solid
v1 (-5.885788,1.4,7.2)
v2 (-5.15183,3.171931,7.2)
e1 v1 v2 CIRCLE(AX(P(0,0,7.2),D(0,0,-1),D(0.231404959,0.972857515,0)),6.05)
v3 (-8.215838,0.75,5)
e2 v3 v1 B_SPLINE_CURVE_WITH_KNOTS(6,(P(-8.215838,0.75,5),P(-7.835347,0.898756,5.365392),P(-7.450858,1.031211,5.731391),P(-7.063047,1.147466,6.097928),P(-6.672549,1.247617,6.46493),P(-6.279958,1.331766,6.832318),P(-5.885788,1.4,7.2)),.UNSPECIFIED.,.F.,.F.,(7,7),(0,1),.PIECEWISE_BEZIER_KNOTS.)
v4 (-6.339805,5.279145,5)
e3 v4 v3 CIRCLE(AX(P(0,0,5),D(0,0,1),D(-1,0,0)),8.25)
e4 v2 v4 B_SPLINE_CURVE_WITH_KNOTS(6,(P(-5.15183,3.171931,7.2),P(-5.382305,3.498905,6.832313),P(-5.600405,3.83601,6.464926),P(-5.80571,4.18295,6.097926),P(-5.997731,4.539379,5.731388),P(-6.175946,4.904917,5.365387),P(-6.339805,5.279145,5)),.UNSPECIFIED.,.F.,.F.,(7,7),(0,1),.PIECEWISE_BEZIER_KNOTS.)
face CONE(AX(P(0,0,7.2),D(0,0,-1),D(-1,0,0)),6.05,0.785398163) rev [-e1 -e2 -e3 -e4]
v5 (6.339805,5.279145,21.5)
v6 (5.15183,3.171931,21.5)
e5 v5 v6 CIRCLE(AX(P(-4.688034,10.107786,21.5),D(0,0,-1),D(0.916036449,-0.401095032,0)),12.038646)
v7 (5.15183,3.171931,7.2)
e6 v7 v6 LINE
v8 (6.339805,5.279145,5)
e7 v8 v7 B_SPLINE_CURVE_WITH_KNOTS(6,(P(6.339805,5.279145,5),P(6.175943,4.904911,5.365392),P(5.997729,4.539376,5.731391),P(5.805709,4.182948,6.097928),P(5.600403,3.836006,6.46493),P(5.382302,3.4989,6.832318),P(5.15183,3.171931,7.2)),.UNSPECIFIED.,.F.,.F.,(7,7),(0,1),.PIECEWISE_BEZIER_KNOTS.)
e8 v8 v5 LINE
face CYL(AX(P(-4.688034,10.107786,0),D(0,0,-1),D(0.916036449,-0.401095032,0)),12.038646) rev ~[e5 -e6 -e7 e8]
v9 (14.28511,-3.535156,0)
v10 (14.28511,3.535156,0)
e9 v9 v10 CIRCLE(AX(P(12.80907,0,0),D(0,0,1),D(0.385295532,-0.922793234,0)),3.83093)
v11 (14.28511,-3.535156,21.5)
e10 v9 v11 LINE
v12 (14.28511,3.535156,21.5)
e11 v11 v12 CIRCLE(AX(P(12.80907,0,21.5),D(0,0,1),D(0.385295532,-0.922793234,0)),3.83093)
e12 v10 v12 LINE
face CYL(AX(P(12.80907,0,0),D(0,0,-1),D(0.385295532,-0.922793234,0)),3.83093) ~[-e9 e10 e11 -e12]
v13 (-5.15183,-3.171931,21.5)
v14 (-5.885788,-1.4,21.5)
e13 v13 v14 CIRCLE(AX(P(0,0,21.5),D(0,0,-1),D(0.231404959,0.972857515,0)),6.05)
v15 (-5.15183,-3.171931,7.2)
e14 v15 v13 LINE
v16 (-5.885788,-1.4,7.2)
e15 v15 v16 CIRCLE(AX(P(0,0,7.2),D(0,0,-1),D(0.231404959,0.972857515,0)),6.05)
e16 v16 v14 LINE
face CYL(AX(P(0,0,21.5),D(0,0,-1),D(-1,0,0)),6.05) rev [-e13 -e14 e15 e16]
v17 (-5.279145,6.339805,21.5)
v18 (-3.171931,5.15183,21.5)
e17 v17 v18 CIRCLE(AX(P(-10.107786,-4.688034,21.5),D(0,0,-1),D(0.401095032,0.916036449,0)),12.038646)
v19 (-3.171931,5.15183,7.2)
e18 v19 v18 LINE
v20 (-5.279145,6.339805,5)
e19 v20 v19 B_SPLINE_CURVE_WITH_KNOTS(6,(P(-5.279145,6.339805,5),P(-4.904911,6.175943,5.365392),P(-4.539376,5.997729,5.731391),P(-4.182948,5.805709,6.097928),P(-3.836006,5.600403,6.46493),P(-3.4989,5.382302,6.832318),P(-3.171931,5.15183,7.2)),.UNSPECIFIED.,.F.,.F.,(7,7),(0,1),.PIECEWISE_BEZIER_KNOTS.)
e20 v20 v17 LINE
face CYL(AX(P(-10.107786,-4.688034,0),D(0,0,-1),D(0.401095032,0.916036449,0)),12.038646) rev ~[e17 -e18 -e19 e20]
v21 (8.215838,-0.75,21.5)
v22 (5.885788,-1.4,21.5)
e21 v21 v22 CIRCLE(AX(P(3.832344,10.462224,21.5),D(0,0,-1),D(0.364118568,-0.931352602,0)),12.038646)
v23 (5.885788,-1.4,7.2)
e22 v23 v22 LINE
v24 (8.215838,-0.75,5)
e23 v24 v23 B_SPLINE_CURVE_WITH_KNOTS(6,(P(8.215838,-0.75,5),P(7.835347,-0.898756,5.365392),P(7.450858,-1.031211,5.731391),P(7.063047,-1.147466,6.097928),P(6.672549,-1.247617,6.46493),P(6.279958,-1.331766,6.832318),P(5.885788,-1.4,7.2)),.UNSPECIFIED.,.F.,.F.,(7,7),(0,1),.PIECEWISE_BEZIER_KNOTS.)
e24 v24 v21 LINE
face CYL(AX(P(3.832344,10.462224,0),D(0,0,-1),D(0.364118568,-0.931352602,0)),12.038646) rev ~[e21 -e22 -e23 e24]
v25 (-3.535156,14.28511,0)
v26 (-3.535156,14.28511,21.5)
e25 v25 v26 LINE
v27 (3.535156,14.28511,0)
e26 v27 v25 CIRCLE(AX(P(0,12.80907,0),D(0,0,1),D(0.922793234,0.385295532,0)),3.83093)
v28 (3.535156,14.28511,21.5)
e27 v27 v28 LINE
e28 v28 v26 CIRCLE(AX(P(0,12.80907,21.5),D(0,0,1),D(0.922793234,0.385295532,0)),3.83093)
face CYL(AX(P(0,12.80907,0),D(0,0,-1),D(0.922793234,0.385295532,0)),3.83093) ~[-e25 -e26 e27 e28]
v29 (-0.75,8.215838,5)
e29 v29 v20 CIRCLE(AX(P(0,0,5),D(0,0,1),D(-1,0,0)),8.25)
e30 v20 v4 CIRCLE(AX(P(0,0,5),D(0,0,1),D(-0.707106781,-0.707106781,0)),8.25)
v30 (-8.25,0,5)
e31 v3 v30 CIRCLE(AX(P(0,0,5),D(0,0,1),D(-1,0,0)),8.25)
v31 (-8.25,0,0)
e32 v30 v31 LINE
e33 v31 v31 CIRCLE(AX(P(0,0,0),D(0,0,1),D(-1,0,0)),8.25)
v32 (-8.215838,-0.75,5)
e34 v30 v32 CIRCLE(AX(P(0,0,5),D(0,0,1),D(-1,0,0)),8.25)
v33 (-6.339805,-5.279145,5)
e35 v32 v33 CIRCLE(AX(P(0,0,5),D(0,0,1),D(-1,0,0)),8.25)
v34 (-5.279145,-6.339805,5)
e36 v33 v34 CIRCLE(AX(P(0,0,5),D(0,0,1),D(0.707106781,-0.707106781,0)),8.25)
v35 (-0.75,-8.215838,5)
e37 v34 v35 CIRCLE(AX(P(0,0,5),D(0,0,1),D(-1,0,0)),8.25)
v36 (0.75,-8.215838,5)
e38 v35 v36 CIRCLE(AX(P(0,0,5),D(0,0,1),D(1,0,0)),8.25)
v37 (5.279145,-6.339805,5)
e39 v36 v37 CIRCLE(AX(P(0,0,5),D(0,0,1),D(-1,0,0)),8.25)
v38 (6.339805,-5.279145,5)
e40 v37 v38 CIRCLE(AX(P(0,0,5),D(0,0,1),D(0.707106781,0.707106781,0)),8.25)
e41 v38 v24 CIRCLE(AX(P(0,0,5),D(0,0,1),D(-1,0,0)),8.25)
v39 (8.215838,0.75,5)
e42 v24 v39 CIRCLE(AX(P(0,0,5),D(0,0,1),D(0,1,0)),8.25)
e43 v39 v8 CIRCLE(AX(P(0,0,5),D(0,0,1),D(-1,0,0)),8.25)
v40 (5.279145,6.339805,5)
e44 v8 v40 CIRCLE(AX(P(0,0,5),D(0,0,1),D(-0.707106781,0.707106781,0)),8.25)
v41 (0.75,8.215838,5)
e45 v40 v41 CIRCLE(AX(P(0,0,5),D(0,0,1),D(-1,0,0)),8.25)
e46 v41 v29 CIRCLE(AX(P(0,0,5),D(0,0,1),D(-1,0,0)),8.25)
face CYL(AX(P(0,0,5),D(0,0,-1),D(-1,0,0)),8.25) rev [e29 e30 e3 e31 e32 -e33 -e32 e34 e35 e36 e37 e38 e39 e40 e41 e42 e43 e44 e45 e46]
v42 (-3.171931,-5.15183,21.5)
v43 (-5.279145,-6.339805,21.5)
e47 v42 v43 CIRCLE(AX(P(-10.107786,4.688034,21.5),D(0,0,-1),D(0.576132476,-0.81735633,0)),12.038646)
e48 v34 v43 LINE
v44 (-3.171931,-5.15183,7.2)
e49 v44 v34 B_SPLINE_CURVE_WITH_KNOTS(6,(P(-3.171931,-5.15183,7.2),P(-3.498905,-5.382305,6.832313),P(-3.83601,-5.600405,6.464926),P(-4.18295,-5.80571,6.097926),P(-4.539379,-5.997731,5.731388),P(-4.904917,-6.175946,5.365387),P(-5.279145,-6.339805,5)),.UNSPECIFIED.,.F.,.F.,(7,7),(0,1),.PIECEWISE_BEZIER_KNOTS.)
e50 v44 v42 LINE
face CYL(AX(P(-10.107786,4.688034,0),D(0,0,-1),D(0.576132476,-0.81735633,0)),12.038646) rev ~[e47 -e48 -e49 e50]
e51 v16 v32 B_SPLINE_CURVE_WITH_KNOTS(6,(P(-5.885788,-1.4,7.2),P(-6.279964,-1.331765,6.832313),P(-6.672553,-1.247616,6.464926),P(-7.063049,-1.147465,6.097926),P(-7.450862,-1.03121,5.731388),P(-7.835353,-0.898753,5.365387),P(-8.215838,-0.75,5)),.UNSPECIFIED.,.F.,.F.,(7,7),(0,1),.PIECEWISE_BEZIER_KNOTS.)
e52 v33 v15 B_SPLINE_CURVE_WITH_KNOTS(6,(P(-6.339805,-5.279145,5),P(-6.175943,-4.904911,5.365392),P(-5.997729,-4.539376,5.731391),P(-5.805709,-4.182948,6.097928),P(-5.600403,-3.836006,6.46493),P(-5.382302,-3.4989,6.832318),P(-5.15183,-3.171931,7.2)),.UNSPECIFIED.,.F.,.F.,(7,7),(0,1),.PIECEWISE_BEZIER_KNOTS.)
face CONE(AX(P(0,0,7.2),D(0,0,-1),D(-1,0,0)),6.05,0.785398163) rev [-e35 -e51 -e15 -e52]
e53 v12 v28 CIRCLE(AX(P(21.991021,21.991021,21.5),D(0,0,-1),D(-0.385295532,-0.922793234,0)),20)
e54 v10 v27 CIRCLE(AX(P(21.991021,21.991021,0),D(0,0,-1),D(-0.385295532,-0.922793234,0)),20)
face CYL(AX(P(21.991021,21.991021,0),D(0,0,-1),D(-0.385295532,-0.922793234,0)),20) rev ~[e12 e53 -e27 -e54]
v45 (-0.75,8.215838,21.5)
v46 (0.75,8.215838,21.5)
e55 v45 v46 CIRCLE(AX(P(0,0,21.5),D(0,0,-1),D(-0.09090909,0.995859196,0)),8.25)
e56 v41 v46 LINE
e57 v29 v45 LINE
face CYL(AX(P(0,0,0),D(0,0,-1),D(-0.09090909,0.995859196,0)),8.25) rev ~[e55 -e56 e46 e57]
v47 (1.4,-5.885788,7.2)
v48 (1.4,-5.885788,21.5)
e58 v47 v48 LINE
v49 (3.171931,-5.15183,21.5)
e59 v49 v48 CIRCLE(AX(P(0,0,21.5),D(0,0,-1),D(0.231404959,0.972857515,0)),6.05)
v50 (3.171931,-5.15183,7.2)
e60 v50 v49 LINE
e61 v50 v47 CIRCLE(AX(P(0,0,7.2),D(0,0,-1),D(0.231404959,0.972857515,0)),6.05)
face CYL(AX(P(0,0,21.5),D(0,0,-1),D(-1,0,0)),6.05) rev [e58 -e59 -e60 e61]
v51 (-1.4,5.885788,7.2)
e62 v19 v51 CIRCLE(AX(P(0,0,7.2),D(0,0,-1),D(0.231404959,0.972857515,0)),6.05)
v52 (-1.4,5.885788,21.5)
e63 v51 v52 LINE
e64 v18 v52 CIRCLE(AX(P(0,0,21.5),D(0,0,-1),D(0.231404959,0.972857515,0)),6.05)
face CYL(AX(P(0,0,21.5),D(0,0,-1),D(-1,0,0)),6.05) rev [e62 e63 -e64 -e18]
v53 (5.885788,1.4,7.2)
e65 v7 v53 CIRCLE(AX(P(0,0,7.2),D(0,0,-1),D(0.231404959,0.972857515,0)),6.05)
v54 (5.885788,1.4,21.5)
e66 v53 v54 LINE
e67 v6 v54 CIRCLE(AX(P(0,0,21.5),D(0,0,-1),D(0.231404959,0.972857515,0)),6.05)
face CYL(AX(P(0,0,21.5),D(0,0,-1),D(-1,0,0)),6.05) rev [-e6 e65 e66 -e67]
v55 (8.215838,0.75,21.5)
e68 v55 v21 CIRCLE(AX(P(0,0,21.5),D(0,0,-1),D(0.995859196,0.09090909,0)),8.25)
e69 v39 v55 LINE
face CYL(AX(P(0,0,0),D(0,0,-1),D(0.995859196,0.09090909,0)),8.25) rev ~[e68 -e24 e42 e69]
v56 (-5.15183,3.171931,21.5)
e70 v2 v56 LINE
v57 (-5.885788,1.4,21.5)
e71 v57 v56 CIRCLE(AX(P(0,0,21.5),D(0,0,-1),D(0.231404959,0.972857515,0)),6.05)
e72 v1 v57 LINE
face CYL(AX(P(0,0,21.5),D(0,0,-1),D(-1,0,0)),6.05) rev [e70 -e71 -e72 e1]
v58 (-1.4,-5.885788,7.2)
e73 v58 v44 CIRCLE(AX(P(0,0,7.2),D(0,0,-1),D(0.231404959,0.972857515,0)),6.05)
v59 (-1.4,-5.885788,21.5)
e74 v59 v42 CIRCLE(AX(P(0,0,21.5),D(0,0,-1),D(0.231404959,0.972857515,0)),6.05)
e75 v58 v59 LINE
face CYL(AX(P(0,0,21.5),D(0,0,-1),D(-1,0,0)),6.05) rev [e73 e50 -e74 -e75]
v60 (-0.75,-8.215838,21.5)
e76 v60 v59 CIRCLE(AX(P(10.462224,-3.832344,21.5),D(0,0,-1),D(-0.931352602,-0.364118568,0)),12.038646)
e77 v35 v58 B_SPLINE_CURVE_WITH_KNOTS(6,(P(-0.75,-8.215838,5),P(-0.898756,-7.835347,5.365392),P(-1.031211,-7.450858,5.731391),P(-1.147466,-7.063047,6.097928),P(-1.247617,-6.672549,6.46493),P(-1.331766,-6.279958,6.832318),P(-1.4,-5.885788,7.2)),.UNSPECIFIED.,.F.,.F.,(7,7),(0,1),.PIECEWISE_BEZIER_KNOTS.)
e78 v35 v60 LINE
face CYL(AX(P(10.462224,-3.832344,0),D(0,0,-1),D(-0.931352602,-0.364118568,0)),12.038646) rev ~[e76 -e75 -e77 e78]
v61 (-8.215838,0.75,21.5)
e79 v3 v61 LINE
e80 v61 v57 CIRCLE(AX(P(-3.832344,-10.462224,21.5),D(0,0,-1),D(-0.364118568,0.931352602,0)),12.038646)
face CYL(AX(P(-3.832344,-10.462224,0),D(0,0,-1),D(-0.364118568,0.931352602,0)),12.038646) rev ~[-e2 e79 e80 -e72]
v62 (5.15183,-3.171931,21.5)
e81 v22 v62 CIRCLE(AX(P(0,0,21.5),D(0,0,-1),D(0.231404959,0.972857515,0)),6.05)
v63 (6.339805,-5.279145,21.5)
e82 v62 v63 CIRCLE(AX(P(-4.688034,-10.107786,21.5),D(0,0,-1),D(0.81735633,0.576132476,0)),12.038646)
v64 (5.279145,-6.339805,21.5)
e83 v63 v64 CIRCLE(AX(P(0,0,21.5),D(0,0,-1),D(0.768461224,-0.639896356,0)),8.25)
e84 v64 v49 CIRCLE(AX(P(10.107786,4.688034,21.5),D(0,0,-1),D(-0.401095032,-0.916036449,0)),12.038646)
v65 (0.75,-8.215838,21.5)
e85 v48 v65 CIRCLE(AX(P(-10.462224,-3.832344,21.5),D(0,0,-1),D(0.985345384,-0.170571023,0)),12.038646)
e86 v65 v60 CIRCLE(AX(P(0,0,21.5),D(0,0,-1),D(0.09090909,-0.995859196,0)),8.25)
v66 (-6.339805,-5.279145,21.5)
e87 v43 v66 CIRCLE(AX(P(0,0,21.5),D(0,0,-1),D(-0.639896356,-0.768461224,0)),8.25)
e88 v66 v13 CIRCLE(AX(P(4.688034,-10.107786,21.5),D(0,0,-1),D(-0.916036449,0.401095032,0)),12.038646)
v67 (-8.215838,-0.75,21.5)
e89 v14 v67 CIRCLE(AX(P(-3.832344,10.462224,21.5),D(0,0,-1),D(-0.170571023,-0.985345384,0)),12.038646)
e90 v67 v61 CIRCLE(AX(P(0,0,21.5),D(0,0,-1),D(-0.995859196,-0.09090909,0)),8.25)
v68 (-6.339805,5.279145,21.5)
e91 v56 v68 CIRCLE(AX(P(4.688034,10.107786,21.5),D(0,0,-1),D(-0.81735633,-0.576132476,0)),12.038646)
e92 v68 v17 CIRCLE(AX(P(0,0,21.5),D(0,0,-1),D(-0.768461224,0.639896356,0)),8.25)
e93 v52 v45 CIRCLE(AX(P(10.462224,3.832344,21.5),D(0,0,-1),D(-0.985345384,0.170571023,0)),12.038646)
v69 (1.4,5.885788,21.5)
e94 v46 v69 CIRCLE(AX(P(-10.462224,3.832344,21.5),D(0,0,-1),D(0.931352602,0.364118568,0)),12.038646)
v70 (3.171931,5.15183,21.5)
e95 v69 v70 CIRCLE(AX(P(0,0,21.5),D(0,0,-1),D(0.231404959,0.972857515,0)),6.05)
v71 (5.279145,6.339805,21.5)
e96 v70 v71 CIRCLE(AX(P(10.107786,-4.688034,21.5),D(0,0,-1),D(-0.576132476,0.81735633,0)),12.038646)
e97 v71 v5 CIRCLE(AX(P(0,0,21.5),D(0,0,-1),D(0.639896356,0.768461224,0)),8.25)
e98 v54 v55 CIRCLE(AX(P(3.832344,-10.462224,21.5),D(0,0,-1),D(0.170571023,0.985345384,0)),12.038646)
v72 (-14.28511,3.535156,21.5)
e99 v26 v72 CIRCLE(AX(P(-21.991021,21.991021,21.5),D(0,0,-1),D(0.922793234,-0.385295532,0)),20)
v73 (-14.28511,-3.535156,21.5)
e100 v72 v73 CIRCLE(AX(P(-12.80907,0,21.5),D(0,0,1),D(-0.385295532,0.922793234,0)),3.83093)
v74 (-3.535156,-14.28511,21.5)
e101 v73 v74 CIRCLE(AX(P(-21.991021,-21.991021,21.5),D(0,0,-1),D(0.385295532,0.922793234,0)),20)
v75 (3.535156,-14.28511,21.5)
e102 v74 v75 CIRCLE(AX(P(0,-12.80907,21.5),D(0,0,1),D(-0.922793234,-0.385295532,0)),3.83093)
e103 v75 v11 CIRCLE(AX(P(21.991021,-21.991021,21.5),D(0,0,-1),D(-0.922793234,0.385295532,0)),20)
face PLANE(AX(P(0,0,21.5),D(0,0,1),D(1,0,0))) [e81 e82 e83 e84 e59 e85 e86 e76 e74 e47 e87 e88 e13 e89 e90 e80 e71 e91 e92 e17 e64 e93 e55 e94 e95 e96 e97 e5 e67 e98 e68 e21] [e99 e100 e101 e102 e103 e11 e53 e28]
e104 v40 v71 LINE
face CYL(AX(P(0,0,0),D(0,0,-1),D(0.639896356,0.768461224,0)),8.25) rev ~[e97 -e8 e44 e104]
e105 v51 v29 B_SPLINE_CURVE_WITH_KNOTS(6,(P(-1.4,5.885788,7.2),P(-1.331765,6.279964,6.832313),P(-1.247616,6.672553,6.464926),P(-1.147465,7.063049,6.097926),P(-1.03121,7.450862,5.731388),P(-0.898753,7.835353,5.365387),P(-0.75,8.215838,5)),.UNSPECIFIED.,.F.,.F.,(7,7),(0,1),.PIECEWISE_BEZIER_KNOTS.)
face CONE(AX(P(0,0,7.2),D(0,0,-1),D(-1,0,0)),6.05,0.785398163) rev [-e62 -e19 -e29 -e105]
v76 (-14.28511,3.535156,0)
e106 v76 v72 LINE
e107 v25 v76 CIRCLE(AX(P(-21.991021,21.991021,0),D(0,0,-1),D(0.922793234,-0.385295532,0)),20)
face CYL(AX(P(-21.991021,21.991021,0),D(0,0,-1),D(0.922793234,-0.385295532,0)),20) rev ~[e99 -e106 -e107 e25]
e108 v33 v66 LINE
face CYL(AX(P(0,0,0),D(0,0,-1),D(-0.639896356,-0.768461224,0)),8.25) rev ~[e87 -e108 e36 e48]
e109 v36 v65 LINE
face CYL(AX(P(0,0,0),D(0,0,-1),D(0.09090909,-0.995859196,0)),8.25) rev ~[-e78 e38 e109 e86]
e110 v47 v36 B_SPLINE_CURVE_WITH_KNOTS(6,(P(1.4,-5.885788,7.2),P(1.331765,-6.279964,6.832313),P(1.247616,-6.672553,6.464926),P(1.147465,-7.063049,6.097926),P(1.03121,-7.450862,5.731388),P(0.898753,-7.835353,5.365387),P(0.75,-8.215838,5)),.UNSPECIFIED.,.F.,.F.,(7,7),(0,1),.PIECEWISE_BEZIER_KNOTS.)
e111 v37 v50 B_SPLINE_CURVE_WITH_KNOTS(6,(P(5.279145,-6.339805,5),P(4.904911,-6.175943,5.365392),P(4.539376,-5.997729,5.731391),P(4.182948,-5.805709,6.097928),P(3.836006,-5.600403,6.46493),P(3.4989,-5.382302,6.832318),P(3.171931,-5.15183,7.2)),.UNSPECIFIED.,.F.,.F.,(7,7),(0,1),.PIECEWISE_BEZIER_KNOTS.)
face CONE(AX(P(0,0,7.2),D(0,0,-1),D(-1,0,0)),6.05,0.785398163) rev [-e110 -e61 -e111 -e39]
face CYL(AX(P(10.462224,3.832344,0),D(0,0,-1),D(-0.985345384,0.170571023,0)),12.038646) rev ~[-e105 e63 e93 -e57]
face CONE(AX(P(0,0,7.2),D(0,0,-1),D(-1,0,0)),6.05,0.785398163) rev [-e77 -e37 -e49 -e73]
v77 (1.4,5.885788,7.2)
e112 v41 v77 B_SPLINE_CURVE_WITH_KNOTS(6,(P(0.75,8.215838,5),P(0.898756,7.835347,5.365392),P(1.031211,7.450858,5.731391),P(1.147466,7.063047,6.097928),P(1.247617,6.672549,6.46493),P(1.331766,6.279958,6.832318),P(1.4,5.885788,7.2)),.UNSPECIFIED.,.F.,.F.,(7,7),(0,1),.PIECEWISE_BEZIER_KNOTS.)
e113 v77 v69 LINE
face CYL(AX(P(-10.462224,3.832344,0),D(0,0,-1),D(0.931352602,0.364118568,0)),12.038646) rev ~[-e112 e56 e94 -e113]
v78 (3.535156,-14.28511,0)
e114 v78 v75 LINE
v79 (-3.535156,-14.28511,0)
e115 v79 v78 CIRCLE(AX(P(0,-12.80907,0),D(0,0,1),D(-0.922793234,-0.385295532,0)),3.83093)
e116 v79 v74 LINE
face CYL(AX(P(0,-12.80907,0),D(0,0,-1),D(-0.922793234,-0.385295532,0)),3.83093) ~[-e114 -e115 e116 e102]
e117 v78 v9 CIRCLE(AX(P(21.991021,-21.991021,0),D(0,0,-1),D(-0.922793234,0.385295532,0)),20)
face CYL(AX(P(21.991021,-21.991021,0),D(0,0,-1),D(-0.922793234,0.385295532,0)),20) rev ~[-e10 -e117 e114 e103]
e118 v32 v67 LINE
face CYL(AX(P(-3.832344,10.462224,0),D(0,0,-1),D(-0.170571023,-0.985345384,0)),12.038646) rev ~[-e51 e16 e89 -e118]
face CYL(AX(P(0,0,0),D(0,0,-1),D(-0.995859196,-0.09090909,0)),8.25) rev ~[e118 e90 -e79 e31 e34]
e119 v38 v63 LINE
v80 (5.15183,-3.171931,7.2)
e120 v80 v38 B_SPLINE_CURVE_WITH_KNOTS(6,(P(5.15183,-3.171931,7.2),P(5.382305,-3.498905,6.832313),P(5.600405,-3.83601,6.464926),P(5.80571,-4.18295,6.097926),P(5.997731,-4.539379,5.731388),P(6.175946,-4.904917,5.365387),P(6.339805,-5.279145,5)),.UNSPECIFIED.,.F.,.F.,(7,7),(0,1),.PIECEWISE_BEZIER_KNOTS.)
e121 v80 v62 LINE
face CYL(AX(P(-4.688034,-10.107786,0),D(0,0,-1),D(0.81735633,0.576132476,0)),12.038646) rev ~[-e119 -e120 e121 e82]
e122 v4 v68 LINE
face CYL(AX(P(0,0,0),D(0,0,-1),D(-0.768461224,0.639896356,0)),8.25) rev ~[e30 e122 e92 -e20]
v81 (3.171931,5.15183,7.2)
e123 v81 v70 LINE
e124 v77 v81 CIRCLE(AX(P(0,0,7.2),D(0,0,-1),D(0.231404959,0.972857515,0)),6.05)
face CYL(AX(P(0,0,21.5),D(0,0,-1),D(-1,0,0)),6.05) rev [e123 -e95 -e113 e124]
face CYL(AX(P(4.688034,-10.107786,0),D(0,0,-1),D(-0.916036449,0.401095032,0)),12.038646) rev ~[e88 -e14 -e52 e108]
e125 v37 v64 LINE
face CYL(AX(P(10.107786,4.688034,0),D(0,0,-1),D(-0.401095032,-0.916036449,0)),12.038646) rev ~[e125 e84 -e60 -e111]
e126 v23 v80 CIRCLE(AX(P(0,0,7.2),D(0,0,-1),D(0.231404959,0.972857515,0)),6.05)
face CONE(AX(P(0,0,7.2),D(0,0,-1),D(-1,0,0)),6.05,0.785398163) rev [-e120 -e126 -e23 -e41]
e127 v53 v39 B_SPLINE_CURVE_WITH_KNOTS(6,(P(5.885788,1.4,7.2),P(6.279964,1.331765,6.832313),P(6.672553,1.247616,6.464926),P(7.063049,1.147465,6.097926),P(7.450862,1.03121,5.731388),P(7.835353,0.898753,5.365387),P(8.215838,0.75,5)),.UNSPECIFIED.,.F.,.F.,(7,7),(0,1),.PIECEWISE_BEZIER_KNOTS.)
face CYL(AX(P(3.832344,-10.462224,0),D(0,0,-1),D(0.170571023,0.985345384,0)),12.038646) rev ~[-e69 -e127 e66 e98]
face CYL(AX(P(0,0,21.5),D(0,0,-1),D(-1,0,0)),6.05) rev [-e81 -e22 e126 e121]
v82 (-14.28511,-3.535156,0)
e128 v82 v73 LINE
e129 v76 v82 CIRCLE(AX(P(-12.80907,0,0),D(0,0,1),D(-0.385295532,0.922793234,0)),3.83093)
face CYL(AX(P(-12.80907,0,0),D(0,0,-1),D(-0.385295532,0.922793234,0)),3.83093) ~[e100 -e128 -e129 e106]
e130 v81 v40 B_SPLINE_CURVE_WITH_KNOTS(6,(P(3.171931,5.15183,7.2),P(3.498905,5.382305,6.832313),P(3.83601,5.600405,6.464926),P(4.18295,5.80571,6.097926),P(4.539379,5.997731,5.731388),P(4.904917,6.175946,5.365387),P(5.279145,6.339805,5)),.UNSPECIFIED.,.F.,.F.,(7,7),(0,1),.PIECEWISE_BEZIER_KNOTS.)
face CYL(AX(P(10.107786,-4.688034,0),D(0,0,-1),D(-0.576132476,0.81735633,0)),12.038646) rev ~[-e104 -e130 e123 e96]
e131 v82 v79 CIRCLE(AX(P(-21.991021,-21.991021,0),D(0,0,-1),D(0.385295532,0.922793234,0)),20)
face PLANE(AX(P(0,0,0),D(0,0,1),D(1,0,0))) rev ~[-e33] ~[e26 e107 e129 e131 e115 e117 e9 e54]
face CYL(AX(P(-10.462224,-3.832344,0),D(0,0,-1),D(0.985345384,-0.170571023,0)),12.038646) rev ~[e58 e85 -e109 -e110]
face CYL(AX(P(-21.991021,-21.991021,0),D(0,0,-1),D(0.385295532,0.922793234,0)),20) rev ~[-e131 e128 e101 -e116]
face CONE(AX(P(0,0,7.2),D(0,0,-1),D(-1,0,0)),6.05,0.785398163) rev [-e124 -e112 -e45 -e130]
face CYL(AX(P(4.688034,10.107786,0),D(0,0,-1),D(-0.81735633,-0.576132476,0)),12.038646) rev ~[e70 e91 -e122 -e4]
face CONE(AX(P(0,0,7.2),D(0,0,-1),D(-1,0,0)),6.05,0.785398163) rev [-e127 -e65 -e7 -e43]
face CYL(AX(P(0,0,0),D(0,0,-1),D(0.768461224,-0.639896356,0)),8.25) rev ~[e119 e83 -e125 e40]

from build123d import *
from build123d.topology import SkipClean

# Parameters (mm, degrees)
SKETCH1_R         = 6
EXTRUDE1_DEPTH    = 21.5
EXTRUDE2_REACH    = 33.875
CIRPATTERN1_COUNT = 8


with BuildPart() as part:
    # Sketch1 → Extrude1 (new body)
    with BuildSketch(Plane.XY):
        with BuildLine():
            ThreePointArc((3.535156209, 14.285110262), (0, 16.64), (-3.535156209, 14.285110262))
            ThreePointArc((-3.535156209, 14.285110262), (-7.848885271, 7.848885271), (-14.285110262, 3.535156209))
            ThreePointArc((-14.285110262, 3.535156209), (-16.64, 0), (-14.285110262, -3.535156209))
            ThreePointArc((-14.285110262, -3.535156209), (-7.848885271, -7.848885271), (-3.535156209, -14.285110262))
            ThreePointArc((-3.535156209, -14.285110262), (0, -16.64), (3.535156209, -14.285110262))
            ThreePointArc((3.535156209, -14.285110262), (7.848885271, -7.848885271), (14.285110262, -3.535156209))
            ThreePointArc((14.285110262, -3.535156209), (16.64, 0), (14.285110262, 3.535156209))
            ThreePointArc((14.285110262, 3.535156209), (7.848885271, 7.848885271), (3.535156209, 14.285110262))
        make_face()
        Circle(SKETCH1_R, mode=Mode.SUBTRACT)
    extrude(amount=EXTRUDE1_DEPTH)

    # Sketch4 → Cut-Revolve1 (revolve, cut)
    with BuildSketch(Plane(origin=(0, 0, 0), x_dir=(0, 0, -1), z_dir=(1, 0, 0)), mode=Mode.PRIVATE) as cut_revolve1_sk:
        Polygon((0, 0), (-21.5, 0), (-21.5, 6.05), (-7.2, 6.05), (-5, 8.25), (0, 8.25), align=None)
    revolve(cut_revolve1_sk.sketch.rotate(Axis((0, 0, 0), (0, 0, 1)), 90), axis=Axis((0, 0, 0), (0, 0, 1)), mode=Mode.SUBTRACT)

    # Sketch2 → Extrude2 (cut, up to next)
    with BuildSketch(Plane(origin=(0, 0, 0), x_dir=(-1, 0, 0), z_dir=(0, 0, -1)), mode=Mode.PRIVATE) as extrude2_sk1:
        with BuildLine():
            ThreePointArc((0.75, 8.215838363), (0, 8.25), (-0.75, 8.215838363))
            ThreePointArc((-0.75, 8.215838363), (-1.133672744, 7.067180744), (-1.4, 5.885787968))
            ThreePointArc((-1.4, 5.885787968), (0, 6.05), (1.4, 5.885787968))
            ThreePointArc((1.4, 5.885787968), (1.133672744, 7.067180744), (0.75, 8.215838363))
        make_face()
    extrude2_tool1 = extrude(extrude2_sk1.sketch, amount=-EXTRUDE2_REACH, mode=Mode.PRIVATE) & part.part
    extrude2 = extrude2_tool1.solids().sort_by_distance((0, 7.008505, 0))[0]
    add(extrude2, mode=Mode.SUBTRACT)

    # CirPattern1: Extrude2 ×8 about axis
    with SkipClean():  # the faces are left unmerged after this step: merging them gives an invalid solid
        cirpattern1_axis = Axis((0, 0, 0), (0, 0, 1))
        for i in range(1, CIRPATTERN1_COUNT):
            add(extrude2.rotate(cirpattern1_axis, i * 360 / CIRPATTERN1_COUNT), mode=Mode.SUBTRACT)


solid = part.part
